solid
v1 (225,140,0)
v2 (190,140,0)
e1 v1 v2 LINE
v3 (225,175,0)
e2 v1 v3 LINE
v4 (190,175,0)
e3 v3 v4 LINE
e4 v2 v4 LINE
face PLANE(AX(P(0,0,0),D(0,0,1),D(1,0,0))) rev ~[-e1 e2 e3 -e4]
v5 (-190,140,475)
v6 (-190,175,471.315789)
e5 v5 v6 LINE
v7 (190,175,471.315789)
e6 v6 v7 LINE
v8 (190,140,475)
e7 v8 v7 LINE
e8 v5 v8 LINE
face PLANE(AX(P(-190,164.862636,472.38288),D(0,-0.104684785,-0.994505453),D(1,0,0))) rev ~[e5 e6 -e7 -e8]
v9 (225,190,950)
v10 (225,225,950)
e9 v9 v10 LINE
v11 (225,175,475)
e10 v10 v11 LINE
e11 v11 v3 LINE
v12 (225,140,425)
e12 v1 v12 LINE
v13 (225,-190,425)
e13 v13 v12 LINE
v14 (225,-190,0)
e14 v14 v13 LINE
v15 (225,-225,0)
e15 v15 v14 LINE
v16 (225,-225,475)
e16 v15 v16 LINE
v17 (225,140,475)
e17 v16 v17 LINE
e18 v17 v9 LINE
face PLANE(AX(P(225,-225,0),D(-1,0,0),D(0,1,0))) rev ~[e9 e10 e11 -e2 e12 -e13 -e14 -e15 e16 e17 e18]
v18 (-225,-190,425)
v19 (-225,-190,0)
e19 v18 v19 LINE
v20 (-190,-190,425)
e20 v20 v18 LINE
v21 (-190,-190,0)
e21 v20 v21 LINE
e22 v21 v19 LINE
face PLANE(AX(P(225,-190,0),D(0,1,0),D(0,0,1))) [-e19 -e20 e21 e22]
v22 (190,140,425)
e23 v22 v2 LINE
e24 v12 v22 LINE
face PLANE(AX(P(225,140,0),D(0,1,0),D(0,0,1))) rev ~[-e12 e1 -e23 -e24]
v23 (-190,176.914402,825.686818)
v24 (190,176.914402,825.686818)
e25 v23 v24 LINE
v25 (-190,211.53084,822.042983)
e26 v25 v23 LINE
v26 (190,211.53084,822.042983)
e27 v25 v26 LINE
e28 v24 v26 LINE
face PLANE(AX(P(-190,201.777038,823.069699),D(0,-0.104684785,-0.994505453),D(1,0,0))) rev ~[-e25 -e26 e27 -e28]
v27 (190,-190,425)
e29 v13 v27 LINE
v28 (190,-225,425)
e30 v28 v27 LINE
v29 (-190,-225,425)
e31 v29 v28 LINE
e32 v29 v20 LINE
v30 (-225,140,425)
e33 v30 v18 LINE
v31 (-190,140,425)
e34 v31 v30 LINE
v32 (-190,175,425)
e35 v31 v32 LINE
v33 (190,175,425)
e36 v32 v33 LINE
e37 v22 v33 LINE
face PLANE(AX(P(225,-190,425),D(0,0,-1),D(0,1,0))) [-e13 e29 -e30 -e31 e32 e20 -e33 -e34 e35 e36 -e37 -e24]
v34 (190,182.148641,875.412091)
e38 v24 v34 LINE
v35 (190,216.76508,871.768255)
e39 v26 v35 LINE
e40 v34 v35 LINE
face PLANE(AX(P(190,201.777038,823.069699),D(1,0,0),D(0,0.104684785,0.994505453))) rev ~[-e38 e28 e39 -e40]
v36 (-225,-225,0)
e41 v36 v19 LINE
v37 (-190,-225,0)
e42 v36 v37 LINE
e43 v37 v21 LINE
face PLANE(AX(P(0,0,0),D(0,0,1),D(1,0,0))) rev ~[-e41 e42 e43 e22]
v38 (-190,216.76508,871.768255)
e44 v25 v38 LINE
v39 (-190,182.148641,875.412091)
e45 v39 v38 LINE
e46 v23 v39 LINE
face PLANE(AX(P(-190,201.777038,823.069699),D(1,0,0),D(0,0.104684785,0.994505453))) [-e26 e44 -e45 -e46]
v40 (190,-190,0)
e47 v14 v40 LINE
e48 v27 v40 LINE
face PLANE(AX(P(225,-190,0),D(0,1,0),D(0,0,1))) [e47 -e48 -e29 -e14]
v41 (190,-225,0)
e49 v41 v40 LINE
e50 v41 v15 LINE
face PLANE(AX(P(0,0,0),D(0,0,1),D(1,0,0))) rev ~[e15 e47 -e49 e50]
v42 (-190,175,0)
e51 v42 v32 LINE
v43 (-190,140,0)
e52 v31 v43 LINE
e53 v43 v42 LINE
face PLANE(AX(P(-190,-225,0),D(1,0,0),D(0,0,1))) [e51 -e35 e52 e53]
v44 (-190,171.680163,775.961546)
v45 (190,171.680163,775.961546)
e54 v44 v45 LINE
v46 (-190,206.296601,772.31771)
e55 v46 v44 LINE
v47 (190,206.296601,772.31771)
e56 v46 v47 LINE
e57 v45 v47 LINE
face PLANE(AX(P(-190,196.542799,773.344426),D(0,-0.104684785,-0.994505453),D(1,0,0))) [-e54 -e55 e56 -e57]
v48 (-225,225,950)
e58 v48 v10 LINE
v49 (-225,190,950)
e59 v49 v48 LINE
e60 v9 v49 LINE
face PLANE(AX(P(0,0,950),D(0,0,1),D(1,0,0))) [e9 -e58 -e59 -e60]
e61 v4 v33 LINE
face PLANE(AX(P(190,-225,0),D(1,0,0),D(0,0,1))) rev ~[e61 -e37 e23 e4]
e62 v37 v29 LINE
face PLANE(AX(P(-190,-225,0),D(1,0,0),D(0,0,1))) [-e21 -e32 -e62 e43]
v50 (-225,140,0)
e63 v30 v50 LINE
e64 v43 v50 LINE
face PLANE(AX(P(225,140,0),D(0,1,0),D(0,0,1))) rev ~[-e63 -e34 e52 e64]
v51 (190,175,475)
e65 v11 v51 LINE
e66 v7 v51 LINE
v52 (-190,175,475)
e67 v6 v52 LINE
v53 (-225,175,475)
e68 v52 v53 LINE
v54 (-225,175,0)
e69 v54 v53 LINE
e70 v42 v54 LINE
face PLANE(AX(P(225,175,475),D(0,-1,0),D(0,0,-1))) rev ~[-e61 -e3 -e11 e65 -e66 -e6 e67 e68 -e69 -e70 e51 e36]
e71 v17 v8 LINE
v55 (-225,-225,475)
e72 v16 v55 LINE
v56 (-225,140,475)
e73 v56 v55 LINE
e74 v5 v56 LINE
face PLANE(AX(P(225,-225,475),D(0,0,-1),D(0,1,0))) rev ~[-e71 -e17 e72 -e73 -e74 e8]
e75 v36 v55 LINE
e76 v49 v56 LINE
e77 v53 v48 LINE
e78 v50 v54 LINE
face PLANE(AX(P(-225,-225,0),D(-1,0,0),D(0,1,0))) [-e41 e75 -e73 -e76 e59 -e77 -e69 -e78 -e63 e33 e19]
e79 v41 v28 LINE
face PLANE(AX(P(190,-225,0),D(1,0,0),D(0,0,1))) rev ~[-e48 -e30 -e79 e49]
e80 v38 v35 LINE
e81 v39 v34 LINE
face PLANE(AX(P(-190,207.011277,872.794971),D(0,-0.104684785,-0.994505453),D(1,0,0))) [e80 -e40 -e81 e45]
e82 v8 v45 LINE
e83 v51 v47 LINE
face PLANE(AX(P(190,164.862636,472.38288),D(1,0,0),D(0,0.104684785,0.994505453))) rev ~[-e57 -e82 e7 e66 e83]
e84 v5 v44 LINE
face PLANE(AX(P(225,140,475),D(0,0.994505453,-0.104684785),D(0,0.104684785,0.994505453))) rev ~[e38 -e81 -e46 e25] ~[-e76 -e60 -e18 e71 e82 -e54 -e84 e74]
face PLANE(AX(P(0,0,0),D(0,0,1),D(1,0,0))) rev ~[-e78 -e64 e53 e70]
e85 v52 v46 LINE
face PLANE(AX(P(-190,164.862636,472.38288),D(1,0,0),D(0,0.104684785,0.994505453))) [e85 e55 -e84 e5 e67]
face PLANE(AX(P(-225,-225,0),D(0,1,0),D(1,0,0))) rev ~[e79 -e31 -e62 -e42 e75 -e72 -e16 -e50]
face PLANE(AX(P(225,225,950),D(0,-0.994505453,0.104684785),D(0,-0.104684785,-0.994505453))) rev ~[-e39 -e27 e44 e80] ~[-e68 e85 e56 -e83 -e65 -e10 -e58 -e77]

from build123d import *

# Parameters (mm, degrees)
F0_W     = 450
F0_H     = 450
F1_DEPTH = 950
F2_W     = 50
F2_H     = 50
F2_H_2   = 425
F2_W_2   = 330
F3_DEPTH = 450.001
F4_W     = 380
F4_H     = 425
F5_DEPTH = 450.001
F6_W     = 380
F6_H     = 50
F6_H_2   = 302.6243293636
F7_DEPTH = 25
F8_DEPTH = 109.2592361444


with BuildPart() as f1:
    # F0 (on Top) → F1 (new body)
    with BuildSketch(Plane.XY):
        Rectangle(F0_W, F0_H)
    extrude(amount=F1_DEPTH)

    # F2 (on face) → F3 (cut, through all)
    with BuildSketch(Plane.YZ.offset(225)):
        with Locations((200, 450)):
            Rectangle(F2_W, F2_H)
        Polygon((175, 475), (225, 475), (225, 950), align=None)
        with Locations((200, 212.5)):
            Rectangle(F2_W, F2_H_2)
        with Locations((-25, 212.5)):
            Rectangle(F2_W_2, F2_H_2)
        Polygon((-225, 475), (140, 475), (190, 950), (-225, 950), align=None)
    extrude(amount=-F3_DEPTH, mode=Mode.SUBTRACT)

    # F4 (on face) → F5 (cut, through all)
    with BuildSketch(Plane.XZ.offset(225)):
        with Locations((0, 212.5)):
            Rectangle(F4_W, F4_H)
    extrude(amount=-F5_DEPTH, mode=Mode.SUBTRACT)

    # F6 (on face) → F7 (cut)
    with BuildSketch(Plane(origin=(0, 89.0136986301, -9.3698630137), x_dir=(1, 0, 0), z_dir=(0, -0.9945054529, 0.1046847845))):
        with Locations((0, 864.6702893338)):
            Rectangle(F6_W, F6_H)
        with Locations((0, 638.358124652)):
            Rectangle(F6_W, F6_H_2)
    extrude(amount=-F7_DEPTH, mode=Mode.SUBTRACT)

    # F8 (cut, through all): faces of the model
    f8_faces = [f1.faces().sort_by_distance(p)[0] for p in [
        (0, 204.3941578712, 847.9323350949),
        (0, 180.7027176777, 622.8636532564),
    ]]
    extrude(f8_faces, amount=-F8_DEPTH, mode=Mode.SUBTRACT)


solid = f1.part
